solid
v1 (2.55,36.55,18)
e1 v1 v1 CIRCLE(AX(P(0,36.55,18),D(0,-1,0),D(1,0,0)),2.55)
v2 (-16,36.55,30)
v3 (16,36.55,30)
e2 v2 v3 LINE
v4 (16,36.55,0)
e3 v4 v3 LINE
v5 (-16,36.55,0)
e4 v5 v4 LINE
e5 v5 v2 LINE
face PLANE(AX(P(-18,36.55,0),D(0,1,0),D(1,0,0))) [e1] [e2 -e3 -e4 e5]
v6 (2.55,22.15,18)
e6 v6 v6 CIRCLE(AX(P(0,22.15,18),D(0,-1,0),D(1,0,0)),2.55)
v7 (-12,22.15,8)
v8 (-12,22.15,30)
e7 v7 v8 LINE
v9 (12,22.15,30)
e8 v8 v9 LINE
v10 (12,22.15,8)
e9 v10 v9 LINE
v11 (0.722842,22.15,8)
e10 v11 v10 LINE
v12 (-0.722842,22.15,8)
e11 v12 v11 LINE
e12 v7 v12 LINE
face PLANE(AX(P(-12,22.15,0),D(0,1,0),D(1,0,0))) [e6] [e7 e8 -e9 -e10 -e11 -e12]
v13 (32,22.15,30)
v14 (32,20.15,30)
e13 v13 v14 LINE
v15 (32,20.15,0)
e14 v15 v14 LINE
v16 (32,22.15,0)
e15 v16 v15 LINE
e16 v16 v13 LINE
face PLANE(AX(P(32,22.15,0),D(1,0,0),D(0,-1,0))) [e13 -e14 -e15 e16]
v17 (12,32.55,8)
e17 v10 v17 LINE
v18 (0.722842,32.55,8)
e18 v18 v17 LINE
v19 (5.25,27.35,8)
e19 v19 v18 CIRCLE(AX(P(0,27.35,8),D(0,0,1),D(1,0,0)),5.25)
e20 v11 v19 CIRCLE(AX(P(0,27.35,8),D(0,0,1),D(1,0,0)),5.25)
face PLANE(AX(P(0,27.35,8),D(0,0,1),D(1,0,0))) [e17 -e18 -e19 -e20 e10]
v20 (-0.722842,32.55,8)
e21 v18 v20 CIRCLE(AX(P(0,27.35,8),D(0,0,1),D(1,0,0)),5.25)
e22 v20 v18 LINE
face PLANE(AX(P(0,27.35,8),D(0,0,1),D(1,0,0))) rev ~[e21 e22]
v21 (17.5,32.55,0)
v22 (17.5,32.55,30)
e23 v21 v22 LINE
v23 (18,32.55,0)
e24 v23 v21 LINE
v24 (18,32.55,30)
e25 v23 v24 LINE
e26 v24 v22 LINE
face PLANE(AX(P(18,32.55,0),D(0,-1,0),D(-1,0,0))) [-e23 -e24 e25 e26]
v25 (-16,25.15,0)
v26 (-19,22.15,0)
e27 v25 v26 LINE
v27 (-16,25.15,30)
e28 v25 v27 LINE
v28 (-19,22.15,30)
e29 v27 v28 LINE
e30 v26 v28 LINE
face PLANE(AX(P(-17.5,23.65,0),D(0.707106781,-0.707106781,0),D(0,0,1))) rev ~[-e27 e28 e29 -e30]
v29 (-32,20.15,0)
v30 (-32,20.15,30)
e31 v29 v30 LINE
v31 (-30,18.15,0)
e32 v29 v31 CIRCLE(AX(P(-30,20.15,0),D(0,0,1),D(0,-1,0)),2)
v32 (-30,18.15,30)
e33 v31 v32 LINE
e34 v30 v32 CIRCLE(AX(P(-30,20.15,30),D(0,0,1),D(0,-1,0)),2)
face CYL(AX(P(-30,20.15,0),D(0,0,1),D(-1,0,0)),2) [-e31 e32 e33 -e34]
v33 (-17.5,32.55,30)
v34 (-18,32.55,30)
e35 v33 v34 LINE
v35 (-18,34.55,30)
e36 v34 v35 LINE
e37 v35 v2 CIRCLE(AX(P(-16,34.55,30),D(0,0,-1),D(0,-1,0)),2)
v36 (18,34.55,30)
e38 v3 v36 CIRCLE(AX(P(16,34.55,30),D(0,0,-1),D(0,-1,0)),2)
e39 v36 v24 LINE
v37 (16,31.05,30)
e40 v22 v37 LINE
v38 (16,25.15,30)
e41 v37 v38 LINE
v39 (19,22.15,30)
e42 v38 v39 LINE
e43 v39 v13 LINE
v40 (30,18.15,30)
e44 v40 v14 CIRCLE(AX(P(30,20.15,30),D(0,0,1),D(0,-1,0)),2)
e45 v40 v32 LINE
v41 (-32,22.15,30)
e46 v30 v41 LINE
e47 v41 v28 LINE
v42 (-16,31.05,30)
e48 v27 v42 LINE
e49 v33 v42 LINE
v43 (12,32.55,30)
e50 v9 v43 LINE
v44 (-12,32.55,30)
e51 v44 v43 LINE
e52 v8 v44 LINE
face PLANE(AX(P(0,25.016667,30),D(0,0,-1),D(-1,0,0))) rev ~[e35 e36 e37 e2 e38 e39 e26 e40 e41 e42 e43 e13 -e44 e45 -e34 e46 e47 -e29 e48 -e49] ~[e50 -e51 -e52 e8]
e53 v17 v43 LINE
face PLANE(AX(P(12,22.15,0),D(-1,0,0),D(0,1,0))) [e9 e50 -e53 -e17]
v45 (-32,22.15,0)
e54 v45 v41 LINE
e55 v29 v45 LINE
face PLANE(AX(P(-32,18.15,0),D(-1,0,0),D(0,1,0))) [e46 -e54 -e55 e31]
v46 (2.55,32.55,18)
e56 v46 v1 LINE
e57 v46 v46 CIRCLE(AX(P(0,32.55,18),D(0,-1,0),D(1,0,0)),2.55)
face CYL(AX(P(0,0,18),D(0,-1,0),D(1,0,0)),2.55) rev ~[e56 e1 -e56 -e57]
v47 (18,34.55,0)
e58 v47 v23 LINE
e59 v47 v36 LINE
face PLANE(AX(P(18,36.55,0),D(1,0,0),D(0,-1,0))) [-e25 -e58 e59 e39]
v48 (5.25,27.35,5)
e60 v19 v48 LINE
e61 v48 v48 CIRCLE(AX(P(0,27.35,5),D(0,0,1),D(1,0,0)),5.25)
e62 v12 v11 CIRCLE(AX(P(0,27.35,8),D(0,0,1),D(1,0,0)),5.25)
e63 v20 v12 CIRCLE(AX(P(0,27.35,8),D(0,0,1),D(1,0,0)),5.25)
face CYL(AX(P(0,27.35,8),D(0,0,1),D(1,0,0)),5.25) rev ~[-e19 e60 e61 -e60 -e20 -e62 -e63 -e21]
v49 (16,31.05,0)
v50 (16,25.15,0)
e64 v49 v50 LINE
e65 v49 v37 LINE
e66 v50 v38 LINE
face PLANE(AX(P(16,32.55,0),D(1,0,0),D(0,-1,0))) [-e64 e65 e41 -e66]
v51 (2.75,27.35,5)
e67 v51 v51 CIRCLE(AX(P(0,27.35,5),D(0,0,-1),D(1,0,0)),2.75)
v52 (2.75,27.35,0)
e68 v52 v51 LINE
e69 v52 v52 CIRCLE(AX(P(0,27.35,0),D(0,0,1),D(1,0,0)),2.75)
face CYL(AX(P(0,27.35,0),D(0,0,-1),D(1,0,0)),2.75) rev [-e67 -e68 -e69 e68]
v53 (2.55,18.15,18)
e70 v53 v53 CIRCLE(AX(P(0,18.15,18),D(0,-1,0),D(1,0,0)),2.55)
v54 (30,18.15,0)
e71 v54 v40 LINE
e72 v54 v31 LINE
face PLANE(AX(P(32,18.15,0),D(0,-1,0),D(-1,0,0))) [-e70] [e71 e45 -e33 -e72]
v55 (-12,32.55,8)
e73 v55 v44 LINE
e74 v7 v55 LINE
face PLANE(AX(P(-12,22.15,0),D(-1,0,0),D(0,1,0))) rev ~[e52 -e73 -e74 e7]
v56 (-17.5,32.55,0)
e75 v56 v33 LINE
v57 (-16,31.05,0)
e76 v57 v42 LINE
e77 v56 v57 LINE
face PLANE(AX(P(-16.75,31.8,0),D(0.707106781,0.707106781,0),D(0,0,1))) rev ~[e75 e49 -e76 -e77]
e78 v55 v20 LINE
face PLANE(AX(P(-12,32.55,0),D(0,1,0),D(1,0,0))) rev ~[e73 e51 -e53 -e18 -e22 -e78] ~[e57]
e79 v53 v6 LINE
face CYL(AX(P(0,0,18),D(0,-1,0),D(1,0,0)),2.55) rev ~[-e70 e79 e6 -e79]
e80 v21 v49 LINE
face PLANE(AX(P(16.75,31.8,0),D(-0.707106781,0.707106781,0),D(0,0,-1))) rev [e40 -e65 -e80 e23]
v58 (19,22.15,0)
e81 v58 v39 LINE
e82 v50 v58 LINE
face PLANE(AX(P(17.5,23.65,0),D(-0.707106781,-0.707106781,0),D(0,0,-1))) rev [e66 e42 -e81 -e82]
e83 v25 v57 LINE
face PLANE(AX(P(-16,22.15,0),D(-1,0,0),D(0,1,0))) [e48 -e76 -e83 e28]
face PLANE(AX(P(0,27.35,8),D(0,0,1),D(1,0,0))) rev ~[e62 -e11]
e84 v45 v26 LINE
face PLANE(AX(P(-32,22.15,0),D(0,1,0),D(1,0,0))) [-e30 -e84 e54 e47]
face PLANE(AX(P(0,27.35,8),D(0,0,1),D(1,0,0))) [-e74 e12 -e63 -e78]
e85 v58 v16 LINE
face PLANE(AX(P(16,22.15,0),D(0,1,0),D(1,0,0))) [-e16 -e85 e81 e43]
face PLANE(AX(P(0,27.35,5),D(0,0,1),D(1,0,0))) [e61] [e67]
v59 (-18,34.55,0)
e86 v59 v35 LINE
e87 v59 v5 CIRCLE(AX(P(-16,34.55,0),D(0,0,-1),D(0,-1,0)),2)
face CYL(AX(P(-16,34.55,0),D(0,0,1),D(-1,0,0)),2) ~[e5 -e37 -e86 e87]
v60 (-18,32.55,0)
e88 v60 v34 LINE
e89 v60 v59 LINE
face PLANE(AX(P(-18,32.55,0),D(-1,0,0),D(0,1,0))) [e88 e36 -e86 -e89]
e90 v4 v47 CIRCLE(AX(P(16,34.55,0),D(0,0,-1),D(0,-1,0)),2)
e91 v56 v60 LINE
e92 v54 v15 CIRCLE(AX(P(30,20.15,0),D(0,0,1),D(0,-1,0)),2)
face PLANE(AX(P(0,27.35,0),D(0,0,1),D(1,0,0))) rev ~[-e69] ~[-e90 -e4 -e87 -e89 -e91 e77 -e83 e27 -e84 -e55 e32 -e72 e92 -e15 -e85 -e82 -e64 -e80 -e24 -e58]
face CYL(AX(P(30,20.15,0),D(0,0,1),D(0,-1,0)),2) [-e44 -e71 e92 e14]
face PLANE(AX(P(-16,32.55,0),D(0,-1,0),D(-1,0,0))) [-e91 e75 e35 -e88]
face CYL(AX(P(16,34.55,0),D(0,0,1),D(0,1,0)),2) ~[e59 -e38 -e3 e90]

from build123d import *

# Parameters (mm, degrees)
SKETCH173_W     = 24
SKETCH173_H     = 10.4
PAD043_DEPTH    = 30
SKETCH174_W     = 24
SKETCH174_H     = 10.4
PAD044_DEPTH    = 8
SKETCH175_R     = 2.75
POCKET095_DEPTH = 8
SKETCH176_R     = 5.25
POCKET096_DEPTH = 3
SKETCH177_R     = 2.55
POCKET097_DEPTH = 36.551
CHAMFER072_SIZE = 3
FILLET045_R     = 2
CHAMFER073_SIZE = 1.5


with BuildPart() as part:
    # Sketch173 → Pad043 (new body)
    with BuildSketch(Plane.XY):
        Polygon((-18, 36.55), (18, 36.55), (18, 32.55), (16, 32.55), (16, 22.15), (32, 22.15), (32, 18.15), (-32, 18.15), (-32, 22.15), (-16, 22.15), (-16, 32.55), (-18, 32.55), align=None)
        with Locations((0, 27.35)):
            Rectangle(SKETCH173_W, SKETCH173_H, mode=Mode.SUBTRACT)
    extrude(amount=PAD043_DEPTH)

    # Sketch174 → Pad044 (join)
    with BuildSketch(Plane.XY):
        with Locations((0, 27.35)):
            Rectangle(SKETCH174_W, SKETCH174_H)
    extrude(amount=PAD044_DEPTH)

    # Sketch175 → Pocket095 (cut)
    with BuildSketch(Plane.XY):
        with Locations((0, 27.35)):
            Circle(SKETCH175_R)
    extrude(amount=POCKET095_DEPTH, mode=Mode.SUBTRACT)

    # Sketch176 → Pocket096 (cut)
    with BuildSketch(Plane.XY.offset(8)):
        with Locations((0, 27.35)):
            Circle(SKETCH176_R)
    extrude(amount=-POCKET096_DEPTH, mode=Mode.SUBTRACT)

    # Sketch177 → Pocket097 (cut, through all)
    with BuildSketch(Plane.XZ):
        with Locations((0, 18)):
            Circle(SKETCH177_R)
    extrude(amount=-POCKET097_DEPTH, mode=Mode.SUBTRACT)

    # Chamfer072
    chamfer072_edges = [part.edges().sort_by_distance(p)[0] for p in [
        (-16, 22.15, 15),
        (16, 22.15, 15),
    ]]
    chamfer(chamfer072_edges, length=CHAMFER072_SIZE)

    # Fillet045
    fillet045_edges = [part.edges().sort_by_distance(p)[0] for p in [
        (-18, 36.55, 15),
        (18, 36.55, 15),
        (-32, 18.15, 15),
        (32, 18.15, 15),
    ]]
    fillet(fillet045_edges, radius=FILLET045_R)

    # Chamfer073
    chamfer073_edges = [part.edges().sort_by_distance(p)[0] for p in [
        (-16, 32.55, 15),
        (16, 32.55, 15),
    ]]
    chamfer(chamfer073_edges, length=CHAMFER073_SIZE)


solid = part.part
